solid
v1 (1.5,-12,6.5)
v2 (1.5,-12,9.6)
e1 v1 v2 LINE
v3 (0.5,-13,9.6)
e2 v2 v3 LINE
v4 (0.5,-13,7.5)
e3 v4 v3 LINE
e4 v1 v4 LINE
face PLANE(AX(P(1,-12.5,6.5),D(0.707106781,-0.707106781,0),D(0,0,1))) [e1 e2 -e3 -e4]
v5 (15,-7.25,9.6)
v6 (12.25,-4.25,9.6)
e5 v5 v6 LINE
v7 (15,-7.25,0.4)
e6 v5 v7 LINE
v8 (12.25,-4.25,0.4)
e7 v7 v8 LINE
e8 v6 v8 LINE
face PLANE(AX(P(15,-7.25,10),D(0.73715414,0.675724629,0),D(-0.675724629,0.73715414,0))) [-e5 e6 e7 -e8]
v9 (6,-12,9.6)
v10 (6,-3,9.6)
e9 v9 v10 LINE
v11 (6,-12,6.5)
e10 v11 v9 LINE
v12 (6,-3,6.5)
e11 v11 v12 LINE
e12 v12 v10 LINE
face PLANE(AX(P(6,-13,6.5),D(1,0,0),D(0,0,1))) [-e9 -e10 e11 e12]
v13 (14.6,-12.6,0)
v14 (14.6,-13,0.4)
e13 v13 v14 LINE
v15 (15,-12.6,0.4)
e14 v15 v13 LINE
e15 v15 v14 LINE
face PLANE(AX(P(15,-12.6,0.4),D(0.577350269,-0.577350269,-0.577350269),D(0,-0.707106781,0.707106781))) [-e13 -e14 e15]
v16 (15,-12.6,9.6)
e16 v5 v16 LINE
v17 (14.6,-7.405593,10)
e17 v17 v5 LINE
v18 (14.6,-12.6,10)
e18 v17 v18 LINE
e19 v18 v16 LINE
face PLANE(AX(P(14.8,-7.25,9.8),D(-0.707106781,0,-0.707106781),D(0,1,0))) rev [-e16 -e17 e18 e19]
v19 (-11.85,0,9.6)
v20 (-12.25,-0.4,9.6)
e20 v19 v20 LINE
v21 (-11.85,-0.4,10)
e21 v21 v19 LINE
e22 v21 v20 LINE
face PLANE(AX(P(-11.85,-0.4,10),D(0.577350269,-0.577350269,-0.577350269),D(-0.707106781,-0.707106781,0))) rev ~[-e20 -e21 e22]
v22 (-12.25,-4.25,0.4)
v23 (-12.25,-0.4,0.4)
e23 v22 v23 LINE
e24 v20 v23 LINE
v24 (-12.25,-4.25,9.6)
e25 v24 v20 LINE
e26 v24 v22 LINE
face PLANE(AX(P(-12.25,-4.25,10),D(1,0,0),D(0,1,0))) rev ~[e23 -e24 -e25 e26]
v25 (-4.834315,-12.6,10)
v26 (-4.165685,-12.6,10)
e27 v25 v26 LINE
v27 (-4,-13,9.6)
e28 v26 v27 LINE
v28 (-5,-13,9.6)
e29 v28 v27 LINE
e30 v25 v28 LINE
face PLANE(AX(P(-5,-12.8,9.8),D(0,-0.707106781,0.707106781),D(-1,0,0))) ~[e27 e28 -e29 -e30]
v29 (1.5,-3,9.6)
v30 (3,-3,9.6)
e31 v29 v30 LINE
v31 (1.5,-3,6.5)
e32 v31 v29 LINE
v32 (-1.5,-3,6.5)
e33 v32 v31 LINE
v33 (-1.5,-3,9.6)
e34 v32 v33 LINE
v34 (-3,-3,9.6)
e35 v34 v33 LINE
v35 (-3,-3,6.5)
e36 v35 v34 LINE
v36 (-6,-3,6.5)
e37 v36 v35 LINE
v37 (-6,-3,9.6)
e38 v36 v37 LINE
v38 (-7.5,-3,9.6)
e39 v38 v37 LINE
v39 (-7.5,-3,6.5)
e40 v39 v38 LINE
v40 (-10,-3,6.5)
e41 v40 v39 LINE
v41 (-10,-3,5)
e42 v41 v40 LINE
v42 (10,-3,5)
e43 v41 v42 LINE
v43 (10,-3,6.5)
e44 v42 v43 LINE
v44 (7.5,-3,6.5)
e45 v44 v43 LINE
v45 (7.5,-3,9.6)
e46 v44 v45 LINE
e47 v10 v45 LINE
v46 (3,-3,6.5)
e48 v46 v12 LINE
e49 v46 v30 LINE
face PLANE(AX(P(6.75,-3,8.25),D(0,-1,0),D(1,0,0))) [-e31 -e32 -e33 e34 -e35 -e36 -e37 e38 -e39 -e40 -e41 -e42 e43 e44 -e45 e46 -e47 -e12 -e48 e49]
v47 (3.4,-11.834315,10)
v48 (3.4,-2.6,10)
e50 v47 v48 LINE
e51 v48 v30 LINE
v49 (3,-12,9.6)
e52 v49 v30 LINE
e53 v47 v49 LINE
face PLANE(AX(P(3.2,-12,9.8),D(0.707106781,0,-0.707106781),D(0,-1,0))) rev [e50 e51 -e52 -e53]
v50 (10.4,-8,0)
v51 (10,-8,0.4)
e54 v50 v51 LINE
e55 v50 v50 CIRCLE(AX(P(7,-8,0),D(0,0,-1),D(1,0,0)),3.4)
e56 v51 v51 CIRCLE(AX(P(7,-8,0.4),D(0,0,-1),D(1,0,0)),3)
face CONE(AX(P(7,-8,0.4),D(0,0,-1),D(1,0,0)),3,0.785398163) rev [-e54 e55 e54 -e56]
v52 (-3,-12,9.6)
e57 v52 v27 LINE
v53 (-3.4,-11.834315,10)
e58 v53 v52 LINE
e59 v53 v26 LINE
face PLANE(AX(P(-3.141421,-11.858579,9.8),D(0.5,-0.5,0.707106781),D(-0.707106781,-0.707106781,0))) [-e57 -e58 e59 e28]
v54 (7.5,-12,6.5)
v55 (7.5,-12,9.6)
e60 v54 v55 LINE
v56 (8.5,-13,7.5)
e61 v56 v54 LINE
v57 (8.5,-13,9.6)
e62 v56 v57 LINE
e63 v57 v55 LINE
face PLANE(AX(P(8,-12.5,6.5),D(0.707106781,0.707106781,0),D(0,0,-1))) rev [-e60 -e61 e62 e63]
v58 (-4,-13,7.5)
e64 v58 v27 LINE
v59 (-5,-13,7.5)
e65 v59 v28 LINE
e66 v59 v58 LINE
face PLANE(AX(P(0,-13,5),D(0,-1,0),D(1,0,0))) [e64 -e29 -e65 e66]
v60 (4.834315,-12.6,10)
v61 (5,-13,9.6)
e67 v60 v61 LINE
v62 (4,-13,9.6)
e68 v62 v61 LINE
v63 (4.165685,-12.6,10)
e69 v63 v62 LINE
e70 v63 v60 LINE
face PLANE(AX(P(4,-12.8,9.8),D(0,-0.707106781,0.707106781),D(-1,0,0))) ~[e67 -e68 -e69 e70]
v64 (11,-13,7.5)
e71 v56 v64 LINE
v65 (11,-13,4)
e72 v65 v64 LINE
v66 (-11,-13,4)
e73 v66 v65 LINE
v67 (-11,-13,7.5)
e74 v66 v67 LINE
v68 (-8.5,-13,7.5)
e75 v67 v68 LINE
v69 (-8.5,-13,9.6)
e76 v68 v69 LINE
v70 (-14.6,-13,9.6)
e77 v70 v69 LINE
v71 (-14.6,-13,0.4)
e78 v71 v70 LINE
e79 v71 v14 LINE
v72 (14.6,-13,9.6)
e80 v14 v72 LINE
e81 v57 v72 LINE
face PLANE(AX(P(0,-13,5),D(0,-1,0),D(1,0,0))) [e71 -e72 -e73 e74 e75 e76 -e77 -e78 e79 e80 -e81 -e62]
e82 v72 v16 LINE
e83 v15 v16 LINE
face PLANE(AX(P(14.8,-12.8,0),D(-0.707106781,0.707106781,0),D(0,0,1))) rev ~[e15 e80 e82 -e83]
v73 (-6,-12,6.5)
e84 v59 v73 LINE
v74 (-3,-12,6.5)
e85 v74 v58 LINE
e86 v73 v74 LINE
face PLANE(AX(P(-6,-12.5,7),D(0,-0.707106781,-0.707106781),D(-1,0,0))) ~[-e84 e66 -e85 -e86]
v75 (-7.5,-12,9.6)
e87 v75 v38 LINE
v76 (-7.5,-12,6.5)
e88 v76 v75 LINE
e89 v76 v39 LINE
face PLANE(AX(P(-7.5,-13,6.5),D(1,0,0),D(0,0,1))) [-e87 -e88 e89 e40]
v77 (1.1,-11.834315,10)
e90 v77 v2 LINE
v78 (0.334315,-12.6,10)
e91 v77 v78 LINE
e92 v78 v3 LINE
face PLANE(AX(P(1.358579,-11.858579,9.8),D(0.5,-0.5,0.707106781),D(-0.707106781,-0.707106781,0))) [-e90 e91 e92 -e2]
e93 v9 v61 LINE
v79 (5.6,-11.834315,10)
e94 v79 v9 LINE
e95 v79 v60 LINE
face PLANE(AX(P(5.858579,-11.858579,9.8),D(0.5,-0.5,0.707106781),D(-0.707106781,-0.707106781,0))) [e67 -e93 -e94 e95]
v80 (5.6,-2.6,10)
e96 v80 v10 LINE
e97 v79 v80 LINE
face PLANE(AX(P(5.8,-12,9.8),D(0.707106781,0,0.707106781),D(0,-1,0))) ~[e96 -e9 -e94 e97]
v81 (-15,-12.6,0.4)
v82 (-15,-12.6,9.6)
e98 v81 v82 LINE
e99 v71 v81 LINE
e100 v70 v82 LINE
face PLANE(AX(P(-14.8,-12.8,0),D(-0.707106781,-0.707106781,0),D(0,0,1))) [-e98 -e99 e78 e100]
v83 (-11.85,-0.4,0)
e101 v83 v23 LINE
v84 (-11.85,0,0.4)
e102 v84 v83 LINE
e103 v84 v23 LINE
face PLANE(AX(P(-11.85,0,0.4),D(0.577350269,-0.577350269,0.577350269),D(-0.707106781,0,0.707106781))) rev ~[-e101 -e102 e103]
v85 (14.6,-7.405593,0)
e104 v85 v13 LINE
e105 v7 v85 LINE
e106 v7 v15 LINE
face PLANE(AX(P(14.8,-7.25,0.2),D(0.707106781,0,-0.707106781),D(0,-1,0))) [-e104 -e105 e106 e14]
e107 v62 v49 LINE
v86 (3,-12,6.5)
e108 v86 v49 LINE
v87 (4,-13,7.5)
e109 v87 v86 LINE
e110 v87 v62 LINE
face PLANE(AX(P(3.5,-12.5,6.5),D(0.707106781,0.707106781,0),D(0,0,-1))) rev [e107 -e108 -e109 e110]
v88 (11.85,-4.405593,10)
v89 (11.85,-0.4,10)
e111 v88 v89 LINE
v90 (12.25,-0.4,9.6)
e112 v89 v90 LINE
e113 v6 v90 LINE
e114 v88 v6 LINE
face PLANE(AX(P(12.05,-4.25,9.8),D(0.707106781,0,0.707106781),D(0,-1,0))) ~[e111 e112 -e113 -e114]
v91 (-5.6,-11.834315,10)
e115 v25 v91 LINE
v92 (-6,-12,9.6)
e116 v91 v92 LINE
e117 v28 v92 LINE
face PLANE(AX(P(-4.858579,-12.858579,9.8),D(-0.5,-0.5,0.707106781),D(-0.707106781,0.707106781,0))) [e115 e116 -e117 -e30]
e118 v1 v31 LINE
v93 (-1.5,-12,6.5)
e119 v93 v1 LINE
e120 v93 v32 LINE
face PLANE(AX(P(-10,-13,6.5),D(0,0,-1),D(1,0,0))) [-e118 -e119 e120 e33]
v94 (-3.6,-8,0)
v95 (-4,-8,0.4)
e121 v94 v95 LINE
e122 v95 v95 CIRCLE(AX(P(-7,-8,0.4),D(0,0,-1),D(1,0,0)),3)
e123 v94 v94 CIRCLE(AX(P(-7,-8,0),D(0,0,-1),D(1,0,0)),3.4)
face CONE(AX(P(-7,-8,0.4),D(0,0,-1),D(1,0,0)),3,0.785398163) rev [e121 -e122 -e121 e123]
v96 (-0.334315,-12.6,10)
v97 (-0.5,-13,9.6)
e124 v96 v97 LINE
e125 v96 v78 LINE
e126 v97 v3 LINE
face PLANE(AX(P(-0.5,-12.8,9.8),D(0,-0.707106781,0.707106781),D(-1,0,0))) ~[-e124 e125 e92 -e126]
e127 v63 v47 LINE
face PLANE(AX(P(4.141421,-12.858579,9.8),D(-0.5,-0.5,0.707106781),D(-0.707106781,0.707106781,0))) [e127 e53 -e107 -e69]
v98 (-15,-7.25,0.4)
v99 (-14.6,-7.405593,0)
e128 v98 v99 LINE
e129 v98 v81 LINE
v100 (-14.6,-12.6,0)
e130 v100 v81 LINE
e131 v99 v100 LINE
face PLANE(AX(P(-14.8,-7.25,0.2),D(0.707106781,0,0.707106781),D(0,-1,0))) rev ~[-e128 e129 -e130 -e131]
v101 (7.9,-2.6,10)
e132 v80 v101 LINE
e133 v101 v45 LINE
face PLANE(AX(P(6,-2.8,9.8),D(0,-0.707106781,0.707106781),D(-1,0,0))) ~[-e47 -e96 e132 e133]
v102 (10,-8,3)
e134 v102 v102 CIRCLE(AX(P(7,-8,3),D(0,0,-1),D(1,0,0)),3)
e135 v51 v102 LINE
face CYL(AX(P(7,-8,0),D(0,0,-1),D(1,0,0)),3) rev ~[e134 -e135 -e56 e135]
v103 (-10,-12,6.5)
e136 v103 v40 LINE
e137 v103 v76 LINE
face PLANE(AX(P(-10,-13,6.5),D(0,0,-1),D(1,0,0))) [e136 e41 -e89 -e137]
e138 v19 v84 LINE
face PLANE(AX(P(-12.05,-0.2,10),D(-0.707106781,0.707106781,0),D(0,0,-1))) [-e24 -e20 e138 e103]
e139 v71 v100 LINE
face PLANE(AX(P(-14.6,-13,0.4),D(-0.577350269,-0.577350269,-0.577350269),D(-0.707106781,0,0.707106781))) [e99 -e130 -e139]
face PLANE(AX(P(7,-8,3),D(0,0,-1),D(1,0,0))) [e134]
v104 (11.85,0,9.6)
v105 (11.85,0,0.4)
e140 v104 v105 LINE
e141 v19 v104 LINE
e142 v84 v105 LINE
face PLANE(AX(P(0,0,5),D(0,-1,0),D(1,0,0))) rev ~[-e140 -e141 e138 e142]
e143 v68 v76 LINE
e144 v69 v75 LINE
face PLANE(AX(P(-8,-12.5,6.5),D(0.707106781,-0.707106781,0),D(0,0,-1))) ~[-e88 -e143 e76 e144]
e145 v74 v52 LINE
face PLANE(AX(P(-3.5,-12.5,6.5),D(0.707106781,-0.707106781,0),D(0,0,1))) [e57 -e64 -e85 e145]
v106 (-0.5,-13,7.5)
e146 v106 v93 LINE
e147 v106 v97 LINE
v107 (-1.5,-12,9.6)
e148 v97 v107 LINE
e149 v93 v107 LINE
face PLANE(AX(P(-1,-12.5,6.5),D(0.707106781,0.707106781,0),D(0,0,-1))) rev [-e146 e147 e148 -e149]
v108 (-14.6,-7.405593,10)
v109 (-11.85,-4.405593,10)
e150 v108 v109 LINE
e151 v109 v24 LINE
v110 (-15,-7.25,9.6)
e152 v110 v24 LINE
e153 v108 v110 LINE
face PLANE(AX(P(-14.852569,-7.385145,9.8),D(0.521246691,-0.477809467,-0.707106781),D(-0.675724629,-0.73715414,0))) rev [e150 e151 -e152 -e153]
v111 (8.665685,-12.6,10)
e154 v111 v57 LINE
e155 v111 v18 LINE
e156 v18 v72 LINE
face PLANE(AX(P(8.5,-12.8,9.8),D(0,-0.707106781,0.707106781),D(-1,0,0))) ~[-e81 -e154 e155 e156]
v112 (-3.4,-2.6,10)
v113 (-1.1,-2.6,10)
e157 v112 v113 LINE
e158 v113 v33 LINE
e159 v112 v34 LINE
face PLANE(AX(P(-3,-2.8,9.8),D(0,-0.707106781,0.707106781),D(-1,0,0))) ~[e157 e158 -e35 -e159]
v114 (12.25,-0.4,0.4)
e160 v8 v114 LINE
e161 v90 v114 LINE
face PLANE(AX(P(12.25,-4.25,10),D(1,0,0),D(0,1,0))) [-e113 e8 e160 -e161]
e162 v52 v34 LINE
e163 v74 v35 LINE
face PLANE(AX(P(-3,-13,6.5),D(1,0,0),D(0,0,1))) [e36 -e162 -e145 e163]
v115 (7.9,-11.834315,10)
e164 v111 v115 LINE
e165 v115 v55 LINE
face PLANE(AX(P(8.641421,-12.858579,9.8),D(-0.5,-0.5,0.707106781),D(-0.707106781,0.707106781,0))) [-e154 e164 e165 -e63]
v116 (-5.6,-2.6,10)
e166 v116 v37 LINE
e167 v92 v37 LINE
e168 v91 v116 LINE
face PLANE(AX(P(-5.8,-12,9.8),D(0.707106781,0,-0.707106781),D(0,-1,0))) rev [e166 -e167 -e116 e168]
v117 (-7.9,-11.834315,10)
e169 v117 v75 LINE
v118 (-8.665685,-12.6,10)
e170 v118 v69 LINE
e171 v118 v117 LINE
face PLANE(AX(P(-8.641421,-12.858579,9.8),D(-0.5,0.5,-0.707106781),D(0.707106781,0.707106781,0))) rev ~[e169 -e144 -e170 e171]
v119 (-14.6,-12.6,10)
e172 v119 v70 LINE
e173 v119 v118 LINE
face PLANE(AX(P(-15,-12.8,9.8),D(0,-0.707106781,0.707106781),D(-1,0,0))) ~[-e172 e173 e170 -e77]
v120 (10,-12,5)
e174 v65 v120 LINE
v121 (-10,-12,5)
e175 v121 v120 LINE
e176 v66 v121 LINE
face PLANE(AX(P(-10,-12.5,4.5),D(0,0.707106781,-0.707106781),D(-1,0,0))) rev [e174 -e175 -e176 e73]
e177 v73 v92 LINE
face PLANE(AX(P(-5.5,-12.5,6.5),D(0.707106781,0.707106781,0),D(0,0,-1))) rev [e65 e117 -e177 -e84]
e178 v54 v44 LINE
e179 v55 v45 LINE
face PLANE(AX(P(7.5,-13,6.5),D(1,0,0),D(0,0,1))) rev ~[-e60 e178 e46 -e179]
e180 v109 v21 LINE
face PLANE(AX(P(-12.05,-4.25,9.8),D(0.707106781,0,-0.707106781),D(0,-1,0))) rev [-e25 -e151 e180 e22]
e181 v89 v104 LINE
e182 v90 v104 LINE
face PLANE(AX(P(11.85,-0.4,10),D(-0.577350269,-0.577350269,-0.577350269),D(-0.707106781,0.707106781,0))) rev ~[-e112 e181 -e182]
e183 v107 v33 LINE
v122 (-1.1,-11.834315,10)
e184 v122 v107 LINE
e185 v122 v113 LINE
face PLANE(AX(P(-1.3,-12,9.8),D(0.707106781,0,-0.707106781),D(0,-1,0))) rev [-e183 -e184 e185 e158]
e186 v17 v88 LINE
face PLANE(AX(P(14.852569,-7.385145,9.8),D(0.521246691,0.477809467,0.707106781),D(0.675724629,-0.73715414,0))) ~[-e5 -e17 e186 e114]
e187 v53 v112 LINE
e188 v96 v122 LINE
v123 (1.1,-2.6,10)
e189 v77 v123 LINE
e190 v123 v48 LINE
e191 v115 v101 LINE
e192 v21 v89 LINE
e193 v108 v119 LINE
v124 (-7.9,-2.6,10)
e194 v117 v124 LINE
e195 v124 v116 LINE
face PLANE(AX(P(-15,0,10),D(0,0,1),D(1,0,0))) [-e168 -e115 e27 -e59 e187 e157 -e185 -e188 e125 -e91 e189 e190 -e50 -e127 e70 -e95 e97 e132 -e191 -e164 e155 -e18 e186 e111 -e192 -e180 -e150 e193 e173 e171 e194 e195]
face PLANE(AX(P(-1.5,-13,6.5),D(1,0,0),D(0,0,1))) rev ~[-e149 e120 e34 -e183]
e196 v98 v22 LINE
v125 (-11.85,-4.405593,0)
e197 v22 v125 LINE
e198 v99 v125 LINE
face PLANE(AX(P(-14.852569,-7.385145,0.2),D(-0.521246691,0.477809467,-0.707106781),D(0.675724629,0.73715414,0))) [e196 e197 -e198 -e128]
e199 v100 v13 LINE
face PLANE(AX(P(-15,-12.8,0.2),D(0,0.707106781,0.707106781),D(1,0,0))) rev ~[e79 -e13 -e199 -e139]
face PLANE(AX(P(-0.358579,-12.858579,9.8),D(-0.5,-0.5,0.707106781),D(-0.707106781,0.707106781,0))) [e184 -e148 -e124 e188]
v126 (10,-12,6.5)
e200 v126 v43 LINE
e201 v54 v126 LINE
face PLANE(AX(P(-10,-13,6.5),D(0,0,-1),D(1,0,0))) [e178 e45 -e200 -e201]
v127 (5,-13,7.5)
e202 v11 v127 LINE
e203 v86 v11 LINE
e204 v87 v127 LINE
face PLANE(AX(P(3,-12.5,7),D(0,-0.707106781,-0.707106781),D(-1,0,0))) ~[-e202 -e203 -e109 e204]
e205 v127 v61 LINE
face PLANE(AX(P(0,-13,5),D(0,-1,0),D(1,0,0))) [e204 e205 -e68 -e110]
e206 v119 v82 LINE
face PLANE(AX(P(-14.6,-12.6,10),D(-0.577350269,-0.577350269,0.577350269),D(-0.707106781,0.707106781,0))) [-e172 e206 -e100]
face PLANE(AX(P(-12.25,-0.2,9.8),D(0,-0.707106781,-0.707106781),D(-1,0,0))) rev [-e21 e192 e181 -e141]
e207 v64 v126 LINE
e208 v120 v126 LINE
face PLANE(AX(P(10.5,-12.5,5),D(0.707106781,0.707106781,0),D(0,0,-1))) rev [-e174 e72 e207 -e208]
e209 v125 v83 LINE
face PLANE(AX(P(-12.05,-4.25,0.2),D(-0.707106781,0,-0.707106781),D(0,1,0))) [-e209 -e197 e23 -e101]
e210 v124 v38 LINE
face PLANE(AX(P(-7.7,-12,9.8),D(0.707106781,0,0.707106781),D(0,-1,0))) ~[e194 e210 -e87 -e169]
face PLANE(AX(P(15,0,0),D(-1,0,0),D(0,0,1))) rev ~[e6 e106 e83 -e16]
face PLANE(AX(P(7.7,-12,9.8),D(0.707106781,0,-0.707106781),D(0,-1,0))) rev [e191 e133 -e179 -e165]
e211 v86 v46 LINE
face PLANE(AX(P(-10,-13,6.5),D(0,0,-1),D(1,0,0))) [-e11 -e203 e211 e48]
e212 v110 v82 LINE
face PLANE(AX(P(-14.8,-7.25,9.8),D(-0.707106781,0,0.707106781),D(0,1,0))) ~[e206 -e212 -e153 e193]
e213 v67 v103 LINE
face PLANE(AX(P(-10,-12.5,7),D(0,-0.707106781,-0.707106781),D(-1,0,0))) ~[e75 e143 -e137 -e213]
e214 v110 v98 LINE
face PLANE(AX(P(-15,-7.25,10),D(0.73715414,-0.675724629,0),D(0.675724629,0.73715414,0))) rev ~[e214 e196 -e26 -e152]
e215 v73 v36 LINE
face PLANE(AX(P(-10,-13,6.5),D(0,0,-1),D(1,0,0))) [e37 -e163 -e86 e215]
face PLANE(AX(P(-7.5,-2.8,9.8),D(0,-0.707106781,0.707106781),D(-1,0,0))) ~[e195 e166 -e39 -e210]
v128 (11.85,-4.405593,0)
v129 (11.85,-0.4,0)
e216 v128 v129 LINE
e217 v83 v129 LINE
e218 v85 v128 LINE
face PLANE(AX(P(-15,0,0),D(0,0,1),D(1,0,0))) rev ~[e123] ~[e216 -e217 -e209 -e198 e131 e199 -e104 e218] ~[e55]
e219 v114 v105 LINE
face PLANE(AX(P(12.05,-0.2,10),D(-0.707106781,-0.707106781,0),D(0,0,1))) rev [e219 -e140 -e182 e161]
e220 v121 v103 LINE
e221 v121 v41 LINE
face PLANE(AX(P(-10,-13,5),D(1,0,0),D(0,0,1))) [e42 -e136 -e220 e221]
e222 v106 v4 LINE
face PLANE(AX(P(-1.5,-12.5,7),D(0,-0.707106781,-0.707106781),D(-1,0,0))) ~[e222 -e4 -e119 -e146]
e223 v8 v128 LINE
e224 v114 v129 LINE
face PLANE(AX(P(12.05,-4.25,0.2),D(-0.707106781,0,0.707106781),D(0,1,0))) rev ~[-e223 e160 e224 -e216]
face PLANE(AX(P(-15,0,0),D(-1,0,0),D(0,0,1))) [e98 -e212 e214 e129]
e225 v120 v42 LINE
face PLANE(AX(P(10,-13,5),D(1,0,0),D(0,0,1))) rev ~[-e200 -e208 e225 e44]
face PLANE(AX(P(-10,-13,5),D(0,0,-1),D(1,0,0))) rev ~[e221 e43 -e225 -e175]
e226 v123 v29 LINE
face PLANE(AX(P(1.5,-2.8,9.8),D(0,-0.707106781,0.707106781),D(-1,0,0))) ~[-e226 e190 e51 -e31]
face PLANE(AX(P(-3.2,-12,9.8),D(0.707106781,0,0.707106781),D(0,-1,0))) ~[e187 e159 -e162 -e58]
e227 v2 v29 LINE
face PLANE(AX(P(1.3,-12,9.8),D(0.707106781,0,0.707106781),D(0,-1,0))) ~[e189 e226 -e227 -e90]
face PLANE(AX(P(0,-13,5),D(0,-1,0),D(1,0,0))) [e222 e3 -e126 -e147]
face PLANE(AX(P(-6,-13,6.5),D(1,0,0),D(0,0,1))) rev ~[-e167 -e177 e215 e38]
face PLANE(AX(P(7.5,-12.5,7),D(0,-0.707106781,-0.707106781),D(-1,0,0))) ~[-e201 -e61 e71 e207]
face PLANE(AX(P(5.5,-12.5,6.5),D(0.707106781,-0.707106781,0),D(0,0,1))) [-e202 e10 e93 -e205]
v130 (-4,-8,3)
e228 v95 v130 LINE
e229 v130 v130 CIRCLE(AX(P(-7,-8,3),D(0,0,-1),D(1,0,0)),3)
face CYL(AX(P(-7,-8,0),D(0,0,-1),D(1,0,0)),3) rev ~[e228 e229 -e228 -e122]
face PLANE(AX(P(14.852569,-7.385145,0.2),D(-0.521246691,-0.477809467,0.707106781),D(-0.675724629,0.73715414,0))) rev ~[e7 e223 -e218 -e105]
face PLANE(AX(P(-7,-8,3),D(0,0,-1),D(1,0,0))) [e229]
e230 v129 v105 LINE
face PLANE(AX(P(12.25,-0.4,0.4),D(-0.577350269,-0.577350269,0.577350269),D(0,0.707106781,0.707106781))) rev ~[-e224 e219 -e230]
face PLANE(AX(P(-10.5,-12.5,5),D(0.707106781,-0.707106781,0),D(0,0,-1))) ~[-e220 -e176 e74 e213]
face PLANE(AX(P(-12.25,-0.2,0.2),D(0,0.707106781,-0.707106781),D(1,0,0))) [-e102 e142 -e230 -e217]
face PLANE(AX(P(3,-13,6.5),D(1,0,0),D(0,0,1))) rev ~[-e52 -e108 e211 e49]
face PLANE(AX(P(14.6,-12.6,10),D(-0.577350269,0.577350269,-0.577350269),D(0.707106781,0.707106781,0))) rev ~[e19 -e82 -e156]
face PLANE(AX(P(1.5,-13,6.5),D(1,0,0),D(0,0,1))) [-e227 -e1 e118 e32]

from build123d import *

# Parameters (mm, degrees)
SKETCH_W        = 30
SKETCH_H        = 10
PAD_DEPTH       = 13
SKETCH001_W     = 20
SKETCH001_H     = 1.5
POCKET_DEPTH    = 10
SKETCH002_W     = 1.5
SKETCH002_H     = 3.5
POCKET001_DEPTH = 10
POCKET002_DEPTH = 10.001
CHAMFER_SIZE    = 1
SKETCH004_R     = 3
POCKET003_DEPTH = 3
CHAMFER001_SIZE = 0.4


with BuildPart() as part:
    # Sketch → Pad (new body)
    with BuildSketch(Plane.XZ):
        with Locations((0, 5)):
            Rectangle(SKETCH_W, SKETCH_H)
    extrude(amount=PAD_DEPTH)

    # Sketch001 (on Face6 of Pad) → Pocket (cut)
    with BuildSketch(Plane.XZ.offset(13)):
        with Locations((0, 5.75)):
            Rectangle(SKETCH001_W, SKETCH001_H)
    extrude(amount=-POCKET_DEPTH, mode=Mode.SUBTRACT)

    # Sketch002 (on Face5 of Pocket) → Pocket001 (cut)
    with BuildSketch(Plane.XZ.offset(13)):
        with Locations((-6.75, 8.25)):
            Rectangle(SKETCH002_W, SKETCH002_H)
        with Locations((-2.25, 8.25)):
            Rectangle(SKETCH002_W, SKETCH002_H)
        with Locations((2.25, 8.25)):
            Rectangle(SKETCH002_W, SKETCH002_H)
        with Locations((6.75, 8.25)):
            Rectangle(SKETCH002_W, SKETCH002_H)
    extrude(amount=-POCKET001_DEPTH, mode=Mode.SUBTRACT)

    # Sketch003 (on Face6 of Pocket001) → Pocket002 (cut, through all)
    with BuildSketch(Plane(origin=(0, 0, 10), x_dir=(-1, 0, 0), z_dir=(0, 0, 1))):
        Polygon((-15, 7.25), (-12.25, 4.25), (-12.25, 0), (-15, 0), align=None)
        Polygon((15, 7.25), (12.25, 4.25), (12.25, 0), (15, 0), align=None)
    extrude(amount=-POCKET002_DEPTH, mode=Mode.SUBTRACT)

    # Chamfer
    chamfer_edges = [part.edges().sort_by_distance(p)[0] for p in [
        (-7.5, -13, 8.25),
        (-8.75, -13, 6.5),
        (-10, -13, 5.75),
        (0, -13, 5),
        (10, -13, 5.75),
        (8.75, -13, 6.5),
        (7.5, -13, 8.25),
        (6, -13, 8.25),
        (4.5, -13, 6.5),
        (3, -13, 8.25),
        (1.5, -13, 8.25),
        (0, -13, 6.5),
        (-1.5, -13, 8.25),
        (-3, -13, 8.25),
        (-4.5, -13, 6.5),
        (-6, -13, 8.25),
    ]]
    chamfer(chamfer_edges, length=CHAMFER_SIZE)

    # Sketch004 (on Face6 of Chamfer) → Pocket003 (cut)
    with BuildSketch(Plane(origin=(0, 0, 0), x_dir=(1, 0, 0), z_dir=(0, 0, -1))):
        with Locations((-7, 8)):
            Circle(SKETCH004_R)
        with Locations((7, 8)):
            Circle(SKETCH004_R)
    extrude(amount=-POCKET003_DEPTH, mode=Mode.SUBTRACT)

    # Chamfer001
    chamfer001_edges = [part.edges().sort_by_distance(p)[0] for p in [
        (-13.625, -5.75, 0),
        (-15, -10.125, 0),
        (-12.25, -2.125, 0),
        (0, -13, 0),
        (0, 0, 0),
        (15, -10.125, 0),
        (12.25, -2.125, 0),
        (13.625, -5.75, 0),
        (-10, -8, 0),
        (4, -8, 0),
        (-15, -13, 5),
        (-12.25, 0, 5),
        (12.25, 0, 5),
        (15, -13, 5),
        (-11.75, -13, 10),
        (-8, -12.5, 10),
        (-7.5, -7.5, 10),
        (-6.75, -3, 10),
        (-6, -7.5, 10),
        (-5.5, -12.5, 10),
        (-4.5, -13, 10),
        (-3.5, -12.5, 10),
        (-3, -7.5, 10),
        (-2.25, -3, 10),
        (-1.5, -7.5, 10),
        (-1, -12.5, 10),
        (0, -13, 10),
        (1, -12.5, 10),
        (1.5, -7.5, 10),
        (2.25, -3, 10),
        (3, -7.5, 10),
        (3.5, -12.5, 10),
        (4.5, -13, 10),
        (5.5, -12.5, 10),
        (6, -7.5, 10),
        (6.75, -3, 10),
        (7.5, -7.5, 10),
        (8, -12.5, 10),
        (11.75, -13, 10),
        (15, -10.125, 10),
        (13.625, -5.75, 10),
        (12.25, -2.125, 10),
        (0, 0, 10),
        (-12.25, -2.125, 10),
        (-13.625, -5.75, 10),
        (-15, -10.125, 10),
    ]]
    chamfer(chamfer001_edges, length=CHAMFER001_SIZE)


solid = part.part
